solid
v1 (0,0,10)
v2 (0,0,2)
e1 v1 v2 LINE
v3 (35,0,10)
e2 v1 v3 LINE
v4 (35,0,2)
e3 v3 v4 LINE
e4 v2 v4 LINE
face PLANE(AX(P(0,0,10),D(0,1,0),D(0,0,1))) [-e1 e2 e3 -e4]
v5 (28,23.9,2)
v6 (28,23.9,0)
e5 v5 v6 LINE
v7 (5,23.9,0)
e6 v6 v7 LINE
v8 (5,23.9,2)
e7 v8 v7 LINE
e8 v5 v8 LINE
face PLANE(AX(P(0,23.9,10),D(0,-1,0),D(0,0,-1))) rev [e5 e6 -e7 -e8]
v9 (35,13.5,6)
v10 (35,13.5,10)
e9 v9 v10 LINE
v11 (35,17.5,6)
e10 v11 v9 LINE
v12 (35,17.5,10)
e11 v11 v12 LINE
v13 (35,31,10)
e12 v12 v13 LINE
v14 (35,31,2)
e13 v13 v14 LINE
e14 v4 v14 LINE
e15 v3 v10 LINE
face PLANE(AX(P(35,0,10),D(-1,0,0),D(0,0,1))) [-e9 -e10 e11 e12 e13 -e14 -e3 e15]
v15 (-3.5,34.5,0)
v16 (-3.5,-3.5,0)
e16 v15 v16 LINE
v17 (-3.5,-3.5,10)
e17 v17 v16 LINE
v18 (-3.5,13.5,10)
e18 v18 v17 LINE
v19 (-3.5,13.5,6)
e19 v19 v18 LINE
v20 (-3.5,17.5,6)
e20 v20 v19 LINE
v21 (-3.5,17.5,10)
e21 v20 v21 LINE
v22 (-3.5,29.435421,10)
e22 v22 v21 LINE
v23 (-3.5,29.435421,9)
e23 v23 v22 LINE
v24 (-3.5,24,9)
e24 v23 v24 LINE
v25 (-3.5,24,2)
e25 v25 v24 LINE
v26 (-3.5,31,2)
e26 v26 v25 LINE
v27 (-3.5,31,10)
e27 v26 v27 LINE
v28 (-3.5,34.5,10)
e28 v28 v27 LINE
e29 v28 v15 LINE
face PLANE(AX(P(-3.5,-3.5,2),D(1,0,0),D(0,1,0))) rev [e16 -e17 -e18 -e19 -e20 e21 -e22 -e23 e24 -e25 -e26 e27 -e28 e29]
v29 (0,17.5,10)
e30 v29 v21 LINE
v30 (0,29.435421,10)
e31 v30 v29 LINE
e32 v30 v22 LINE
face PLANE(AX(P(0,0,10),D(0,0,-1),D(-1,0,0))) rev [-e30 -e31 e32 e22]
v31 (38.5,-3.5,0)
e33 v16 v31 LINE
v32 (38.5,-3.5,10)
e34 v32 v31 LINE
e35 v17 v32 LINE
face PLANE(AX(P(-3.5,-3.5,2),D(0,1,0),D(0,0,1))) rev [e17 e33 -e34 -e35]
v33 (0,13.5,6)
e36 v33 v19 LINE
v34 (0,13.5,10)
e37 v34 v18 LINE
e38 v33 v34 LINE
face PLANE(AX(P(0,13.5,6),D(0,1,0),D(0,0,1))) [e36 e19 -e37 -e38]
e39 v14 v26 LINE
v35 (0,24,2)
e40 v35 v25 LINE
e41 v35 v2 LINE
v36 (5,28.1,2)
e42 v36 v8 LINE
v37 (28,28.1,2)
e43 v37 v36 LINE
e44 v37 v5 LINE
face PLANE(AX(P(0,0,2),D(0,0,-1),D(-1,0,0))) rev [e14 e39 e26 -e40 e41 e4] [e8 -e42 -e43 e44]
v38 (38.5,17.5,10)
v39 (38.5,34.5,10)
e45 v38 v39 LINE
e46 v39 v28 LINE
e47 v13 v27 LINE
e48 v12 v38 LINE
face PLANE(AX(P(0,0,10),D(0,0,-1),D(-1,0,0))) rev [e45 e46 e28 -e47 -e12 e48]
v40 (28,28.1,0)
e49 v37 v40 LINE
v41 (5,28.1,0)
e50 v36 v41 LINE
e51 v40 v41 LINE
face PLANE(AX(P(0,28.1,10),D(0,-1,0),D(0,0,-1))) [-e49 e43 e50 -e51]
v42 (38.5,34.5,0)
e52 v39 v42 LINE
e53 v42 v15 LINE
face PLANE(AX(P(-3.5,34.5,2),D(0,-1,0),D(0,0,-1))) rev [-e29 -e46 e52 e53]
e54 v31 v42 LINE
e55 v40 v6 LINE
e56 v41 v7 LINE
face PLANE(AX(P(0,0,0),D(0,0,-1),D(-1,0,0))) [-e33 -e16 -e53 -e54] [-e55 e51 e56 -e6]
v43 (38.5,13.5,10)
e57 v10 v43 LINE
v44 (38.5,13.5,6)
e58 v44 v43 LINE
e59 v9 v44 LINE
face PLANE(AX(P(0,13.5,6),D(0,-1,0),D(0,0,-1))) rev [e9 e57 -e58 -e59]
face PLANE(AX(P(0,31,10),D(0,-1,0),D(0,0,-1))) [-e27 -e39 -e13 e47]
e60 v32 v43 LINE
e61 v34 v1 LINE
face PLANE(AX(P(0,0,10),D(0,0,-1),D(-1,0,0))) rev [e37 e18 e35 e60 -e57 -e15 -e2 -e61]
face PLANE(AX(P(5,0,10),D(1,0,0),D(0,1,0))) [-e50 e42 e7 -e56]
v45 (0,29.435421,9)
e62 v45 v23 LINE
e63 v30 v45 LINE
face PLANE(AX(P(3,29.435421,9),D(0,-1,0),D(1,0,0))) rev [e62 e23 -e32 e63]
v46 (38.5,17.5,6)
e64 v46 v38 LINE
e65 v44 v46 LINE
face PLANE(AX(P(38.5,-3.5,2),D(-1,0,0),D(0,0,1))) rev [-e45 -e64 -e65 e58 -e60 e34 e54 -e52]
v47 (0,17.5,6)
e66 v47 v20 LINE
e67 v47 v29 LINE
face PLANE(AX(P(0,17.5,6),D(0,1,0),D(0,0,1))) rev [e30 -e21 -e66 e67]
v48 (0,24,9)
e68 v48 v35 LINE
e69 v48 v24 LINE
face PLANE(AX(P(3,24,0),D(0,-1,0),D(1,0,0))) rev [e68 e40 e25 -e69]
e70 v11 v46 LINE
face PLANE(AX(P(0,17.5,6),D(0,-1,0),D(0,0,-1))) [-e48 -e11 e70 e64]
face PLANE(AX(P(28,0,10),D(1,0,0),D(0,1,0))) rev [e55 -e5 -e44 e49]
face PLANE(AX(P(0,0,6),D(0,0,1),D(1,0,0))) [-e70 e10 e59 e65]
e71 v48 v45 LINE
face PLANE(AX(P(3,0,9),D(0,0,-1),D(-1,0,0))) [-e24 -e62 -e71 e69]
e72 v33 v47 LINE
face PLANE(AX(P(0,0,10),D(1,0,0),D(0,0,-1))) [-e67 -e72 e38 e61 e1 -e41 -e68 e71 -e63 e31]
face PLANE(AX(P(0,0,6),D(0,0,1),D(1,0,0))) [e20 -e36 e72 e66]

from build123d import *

# Parameters (mm, degrees)
SKETCH_1_W          = 42
SKETCH_1_H          = 38
EXTRUDE_1_DEPTH     = 2
SKETCH_2_W          = 42
SKETCH_2_H          = 38
SKETCH_2_W_2        = 35
SKETCH_2_H_2        = 31
EXTRUDE_2_DEPTH     = 8
SKETCH_3_W          = 1
SKETCH_3_H          = 1.564579438
CUT_EXTRUDE_1_DEPTH = 6.5
CUT_EXTRUDE_3_DEPTH = 4
SKETCH_7_W          = 23
SKETCH_7_H          = 4.2
CUT_EXTRUDE_4_DEPTH = 10


with BuildPart() as part:
    # 草图1 → 凸台-拉伸1 (new body)
    with BuildSketch(Plane.XY):
        with Locations((17.5, 15.5)):
            Rectangle(SKETCH_1_W, SKETCH_1_H)
    extrude(amount=EXTRUDE_1_DEPTH)

    # 草图2 → 凸台-拉伸2 (add)
    with BuildSketch(Plane.XY.offset(2)):
        with Locations((17.5, 15.5)):
            Rectangle(SKETCH_2_W, SKETCH_2_H)
        with Locations((17.5, 15.5)):
            Rectangle(SKETCH_2_W_2, SKETCH_2_H_2, mode=Mode.SUBTRACT)
    extrude(amount=EXTRUDE_2_DEPTH)

    # 草图3 → 切除-拉伸1 (cut)
    with BuildSketch(Plane.ZY.offset(3.5)):
        Polygon((9, 31), (2, 31), (2, 24), (9, 24), (9, 29.435420562), align=None)
        with Locations((9.5, 30.217710281)):
            Rectangle(SKETCH_3_W, SKETCH_3_H)
    extrude(amount=-CUT_EXTRUDE_1_DEPTH, mode=Mode.SUBTRACT)

    # 草图6 → 切除-拉伸3 (cut)
    with BuildSketch(Plane.XY.offset(10)):
        Polygon((0, 13.5), (0, 15.5), (0, 17.5), (-3.5, 17.5), (-3.5, 13.5), align=None)
        Polygon((35, 17.5), (35, 15.5), (35, 13.5), (38.5, 13.5), (38.5, 17.5), align=None)
    extrude(amount=-CUT_EXTRUDE_3_DEPTH, mode=Mode.SUBTRACT)

    # 草图7 → 切除-拉伸4 (cut)
    with BuildSketch(Plane(origin=(0, 0, 0), x_dir=(-1, 0, 0), z_dir=(0, 0, -1))):
        with Locations((-16.5, 26)):
            Rectangle(SKETCH_7_W, SKETCH_7_H)
    extrude(amount=-CUT_EXTRUDE_4_DEPTH, mode=Mode.SUBTRACT)


solid = part.part
